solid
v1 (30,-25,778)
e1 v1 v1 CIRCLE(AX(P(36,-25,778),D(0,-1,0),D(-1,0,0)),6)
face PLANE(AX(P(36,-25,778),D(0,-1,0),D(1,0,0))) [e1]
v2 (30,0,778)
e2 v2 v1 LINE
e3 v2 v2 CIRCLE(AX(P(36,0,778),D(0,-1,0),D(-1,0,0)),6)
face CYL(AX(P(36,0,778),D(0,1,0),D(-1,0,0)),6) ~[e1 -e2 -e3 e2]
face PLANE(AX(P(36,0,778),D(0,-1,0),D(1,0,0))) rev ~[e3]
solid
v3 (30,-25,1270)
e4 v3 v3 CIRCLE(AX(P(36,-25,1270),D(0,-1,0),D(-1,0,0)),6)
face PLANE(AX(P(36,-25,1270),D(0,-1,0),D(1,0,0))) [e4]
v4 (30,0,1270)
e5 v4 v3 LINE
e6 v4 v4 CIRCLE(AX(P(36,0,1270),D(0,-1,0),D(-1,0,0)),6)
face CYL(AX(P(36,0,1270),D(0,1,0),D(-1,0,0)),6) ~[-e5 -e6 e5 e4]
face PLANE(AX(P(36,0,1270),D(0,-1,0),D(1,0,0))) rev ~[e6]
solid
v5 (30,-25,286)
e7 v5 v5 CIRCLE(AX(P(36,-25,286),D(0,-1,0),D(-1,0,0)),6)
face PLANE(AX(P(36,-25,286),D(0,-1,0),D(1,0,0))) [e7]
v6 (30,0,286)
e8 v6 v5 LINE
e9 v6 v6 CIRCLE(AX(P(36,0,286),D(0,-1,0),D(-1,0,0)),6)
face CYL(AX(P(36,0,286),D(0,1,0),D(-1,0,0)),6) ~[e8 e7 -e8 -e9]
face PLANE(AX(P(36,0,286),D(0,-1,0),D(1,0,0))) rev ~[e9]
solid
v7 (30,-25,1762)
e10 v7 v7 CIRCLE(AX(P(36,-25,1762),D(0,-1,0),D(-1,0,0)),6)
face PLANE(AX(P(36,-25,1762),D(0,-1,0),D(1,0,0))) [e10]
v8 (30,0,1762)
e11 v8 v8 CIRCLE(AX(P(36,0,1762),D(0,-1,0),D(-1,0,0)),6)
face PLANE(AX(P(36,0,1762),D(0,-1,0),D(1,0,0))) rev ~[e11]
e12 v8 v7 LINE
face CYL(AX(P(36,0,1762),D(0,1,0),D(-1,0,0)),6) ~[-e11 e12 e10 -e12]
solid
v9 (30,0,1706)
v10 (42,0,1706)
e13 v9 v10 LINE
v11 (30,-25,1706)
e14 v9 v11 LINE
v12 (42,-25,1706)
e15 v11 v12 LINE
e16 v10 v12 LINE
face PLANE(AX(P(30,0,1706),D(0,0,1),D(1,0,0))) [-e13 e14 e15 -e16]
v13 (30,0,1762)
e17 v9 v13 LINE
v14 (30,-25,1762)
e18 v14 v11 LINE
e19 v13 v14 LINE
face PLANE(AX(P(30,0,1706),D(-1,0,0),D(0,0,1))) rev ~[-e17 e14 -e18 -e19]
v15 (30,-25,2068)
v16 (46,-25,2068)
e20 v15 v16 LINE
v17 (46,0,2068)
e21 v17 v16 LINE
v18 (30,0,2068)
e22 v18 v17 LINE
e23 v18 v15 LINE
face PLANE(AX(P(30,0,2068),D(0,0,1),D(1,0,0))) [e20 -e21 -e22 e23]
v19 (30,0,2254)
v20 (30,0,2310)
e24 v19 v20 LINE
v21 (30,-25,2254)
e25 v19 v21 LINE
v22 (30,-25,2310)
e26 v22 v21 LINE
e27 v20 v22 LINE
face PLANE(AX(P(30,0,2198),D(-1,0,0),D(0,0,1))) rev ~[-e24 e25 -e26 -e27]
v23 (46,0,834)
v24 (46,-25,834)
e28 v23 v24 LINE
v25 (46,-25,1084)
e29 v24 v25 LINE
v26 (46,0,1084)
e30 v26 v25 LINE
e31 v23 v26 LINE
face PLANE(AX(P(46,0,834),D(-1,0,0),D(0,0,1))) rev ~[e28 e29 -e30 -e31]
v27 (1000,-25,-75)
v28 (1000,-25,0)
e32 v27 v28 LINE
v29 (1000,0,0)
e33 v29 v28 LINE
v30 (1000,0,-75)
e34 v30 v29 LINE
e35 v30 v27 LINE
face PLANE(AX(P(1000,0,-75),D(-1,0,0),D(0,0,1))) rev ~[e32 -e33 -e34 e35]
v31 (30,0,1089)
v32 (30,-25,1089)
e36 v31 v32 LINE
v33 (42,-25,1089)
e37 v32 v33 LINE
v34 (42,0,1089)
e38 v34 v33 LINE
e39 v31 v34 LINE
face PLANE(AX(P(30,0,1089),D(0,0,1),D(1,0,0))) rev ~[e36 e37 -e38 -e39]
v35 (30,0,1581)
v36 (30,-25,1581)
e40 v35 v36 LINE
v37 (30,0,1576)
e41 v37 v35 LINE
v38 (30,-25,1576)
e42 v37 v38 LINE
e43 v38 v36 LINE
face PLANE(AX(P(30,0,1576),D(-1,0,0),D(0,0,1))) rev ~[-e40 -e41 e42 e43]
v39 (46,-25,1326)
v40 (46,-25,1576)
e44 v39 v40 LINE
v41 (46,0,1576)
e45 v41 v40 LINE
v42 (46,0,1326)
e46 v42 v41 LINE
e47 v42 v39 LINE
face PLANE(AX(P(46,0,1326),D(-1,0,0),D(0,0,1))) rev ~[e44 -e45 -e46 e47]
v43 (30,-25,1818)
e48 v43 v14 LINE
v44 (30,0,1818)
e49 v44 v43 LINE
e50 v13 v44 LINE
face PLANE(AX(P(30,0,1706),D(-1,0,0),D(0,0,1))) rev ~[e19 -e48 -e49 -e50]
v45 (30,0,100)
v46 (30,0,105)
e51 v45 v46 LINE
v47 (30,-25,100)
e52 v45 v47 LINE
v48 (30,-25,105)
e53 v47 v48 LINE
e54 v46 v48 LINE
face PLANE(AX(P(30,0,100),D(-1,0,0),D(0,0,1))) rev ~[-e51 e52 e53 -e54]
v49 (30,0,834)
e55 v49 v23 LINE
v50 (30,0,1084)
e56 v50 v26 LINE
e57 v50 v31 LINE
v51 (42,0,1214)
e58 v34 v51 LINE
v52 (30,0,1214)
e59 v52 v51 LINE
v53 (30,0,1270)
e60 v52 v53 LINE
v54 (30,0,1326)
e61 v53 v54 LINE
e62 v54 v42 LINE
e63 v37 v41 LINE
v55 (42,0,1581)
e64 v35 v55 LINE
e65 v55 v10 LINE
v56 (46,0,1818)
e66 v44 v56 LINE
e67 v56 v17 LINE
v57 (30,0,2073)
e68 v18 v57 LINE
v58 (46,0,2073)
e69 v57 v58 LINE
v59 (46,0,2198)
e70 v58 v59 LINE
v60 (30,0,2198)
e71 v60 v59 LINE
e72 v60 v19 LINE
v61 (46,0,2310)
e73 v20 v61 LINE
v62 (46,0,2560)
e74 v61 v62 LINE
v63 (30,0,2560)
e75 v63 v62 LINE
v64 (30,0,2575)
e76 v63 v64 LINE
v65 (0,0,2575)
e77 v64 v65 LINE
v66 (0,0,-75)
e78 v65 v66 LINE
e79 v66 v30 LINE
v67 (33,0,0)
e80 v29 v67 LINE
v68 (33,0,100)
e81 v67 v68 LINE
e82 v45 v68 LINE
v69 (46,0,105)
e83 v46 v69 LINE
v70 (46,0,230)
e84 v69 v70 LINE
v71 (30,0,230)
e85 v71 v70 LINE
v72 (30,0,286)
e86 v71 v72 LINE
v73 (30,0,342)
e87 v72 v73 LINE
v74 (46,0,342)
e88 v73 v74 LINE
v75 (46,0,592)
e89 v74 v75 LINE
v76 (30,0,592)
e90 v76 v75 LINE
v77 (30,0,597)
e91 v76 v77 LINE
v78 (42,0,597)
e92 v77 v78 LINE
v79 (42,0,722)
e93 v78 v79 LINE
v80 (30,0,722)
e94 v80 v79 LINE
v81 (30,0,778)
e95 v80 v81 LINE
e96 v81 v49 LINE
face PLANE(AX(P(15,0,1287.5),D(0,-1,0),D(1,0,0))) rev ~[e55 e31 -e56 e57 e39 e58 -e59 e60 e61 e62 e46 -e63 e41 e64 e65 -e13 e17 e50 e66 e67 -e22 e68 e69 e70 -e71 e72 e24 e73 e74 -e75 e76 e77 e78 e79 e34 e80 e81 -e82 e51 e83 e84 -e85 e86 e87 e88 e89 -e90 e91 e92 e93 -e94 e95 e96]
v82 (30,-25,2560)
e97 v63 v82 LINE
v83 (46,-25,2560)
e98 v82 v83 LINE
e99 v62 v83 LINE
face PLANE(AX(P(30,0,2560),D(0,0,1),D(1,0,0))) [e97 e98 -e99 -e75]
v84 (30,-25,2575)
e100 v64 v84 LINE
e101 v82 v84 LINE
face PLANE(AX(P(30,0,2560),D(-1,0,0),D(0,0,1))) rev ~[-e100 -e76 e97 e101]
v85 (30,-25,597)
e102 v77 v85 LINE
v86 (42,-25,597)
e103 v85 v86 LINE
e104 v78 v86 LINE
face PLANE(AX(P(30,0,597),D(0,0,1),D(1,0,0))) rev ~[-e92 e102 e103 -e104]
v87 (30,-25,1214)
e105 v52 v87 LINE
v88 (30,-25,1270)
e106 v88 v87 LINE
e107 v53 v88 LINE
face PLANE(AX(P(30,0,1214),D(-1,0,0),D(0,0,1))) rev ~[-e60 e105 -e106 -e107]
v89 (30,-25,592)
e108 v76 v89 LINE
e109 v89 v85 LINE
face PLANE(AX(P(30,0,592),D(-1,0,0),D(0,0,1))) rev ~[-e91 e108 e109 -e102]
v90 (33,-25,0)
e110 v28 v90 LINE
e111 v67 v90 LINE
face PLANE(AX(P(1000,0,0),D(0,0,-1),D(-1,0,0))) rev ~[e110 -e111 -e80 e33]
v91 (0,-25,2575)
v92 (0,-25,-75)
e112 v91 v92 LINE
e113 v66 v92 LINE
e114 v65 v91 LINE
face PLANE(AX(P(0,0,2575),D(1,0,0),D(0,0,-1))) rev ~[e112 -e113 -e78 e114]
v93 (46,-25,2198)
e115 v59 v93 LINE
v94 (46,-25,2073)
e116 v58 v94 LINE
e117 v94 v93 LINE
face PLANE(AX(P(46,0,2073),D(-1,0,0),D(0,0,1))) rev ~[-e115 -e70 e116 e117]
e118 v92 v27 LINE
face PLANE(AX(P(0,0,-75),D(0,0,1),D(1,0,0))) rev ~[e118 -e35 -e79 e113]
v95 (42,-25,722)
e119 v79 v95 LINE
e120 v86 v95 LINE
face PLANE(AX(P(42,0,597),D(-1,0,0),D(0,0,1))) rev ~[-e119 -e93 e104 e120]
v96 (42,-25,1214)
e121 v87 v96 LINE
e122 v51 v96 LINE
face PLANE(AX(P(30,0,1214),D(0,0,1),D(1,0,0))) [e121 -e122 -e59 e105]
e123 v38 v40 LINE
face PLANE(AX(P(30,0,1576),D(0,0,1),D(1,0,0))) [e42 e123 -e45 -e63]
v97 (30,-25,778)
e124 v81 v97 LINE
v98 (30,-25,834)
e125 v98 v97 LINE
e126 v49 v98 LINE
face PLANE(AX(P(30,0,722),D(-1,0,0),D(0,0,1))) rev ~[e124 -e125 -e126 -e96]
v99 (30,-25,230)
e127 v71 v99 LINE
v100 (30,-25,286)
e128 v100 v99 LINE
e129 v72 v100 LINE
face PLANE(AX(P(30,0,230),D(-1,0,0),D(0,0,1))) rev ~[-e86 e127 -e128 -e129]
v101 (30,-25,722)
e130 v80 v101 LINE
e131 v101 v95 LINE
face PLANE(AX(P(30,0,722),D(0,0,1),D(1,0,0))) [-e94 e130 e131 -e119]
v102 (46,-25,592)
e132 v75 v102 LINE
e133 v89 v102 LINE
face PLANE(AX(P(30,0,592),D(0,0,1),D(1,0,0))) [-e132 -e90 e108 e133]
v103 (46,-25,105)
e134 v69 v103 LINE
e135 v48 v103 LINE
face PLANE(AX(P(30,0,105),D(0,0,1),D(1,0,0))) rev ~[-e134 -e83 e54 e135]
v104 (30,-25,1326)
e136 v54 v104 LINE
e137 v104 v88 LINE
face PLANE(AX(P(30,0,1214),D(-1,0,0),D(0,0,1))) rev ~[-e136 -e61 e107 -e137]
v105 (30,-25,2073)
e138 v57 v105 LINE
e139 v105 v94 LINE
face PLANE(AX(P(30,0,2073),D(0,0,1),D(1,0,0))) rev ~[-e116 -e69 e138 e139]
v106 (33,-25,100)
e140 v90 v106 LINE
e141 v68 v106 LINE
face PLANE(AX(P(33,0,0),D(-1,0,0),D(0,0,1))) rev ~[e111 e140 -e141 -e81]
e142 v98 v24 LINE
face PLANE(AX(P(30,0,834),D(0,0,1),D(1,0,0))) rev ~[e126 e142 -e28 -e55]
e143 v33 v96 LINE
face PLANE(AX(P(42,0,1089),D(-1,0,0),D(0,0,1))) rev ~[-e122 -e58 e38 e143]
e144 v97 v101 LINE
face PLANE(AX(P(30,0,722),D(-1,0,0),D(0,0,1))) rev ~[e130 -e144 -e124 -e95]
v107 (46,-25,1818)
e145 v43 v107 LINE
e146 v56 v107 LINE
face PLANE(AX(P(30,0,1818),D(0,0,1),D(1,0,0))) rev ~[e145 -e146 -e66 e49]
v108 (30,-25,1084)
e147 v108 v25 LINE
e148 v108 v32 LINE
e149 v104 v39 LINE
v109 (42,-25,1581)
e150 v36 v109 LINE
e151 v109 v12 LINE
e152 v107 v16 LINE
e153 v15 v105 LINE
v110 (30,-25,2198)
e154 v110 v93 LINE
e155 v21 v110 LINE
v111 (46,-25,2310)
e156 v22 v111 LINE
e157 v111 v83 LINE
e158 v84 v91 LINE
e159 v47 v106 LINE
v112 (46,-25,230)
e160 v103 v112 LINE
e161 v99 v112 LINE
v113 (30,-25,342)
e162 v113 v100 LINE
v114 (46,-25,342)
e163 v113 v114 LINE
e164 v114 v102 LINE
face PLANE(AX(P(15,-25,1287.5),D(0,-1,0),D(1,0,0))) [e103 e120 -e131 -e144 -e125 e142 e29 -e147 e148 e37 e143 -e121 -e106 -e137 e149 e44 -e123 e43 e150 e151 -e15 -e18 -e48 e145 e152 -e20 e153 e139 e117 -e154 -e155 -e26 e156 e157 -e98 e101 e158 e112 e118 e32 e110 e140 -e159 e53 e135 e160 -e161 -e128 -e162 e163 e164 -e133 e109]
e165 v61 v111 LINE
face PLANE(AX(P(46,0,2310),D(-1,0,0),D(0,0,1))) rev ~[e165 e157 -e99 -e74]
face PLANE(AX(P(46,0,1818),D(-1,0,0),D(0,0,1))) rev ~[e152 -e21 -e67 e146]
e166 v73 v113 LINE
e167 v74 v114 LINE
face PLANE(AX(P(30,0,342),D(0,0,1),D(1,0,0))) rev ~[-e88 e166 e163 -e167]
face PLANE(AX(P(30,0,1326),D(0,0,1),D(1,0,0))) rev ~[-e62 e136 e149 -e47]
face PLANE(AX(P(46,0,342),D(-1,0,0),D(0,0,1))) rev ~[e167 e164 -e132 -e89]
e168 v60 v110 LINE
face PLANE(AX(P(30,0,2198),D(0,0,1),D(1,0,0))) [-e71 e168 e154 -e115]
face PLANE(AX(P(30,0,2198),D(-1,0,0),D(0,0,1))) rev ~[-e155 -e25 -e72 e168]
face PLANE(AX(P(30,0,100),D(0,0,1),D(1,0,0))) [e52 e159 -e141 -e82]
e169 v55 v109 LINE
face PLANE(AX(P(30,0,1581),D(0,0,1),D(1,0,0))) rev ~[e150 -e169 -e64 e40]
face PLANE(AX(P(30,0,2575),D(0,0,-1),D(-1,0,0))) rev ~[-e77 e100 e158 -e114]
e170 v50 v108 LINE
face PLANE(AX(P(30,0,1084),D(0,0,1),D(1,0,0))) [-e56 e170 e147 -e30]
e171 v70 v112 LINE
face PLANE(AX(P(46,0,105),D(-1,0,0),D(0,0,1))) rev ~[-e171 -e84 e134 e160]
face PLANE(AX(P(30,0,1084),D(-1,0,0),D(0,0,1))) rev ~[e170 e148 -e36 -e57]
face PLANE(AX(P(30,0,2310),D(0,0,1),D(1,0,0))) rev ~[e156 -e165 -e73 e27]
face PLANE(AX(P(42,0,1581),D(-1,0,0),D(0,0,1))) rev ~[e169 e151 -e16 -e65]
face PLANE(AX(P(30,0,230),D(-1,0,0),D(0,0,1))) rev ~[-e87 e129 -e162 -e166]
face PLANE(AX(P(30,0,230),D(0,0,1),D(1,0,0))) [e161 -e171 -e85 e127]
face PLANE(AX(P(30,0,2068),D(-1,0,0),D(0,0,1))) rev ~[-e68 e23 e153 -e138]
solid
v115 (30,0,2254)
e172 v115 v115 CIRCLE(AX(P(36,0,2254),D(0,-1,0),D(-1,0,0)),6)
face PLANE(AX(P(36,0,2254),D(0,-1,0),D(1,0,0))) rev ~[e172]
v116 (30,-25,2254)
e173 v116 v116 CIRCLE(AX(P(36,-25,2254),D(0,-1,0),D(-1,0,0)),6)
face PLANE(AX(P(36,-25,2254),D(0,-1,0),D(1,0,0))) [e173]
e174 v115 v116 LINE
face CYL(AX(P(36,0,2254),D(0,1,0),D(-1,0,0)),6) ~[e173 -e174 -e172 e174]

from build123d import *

# Parameters (mm, degrees)
F0_W     = 3
F0_H     = 100
F0_W_2   = 16
F0_H_2   = 125
F0_H_3   = 250
F0_W_3   = 12
F1_DEPTH = 25


with BuildPart() as f1:
    # F0 (on Front) → F1 (new body)
    with BuildSketch(Plane.XZ):
        Polygon((0, 2575), (0, 0), (30, 0), (30, 100), (30, 105), (30, 230), (30, 286), (30, 342), (30, 592), (30, 597), (30, 722), (30, 778), (30, 834), (30, 1084), (30, 1089), (30, 1214), (30, 1270), (30, 1326), (30, 1576), (30, 1581), (30, 1706), (30, 1762), (30, 1818), (30, 2068), (30, 2073), (30, 2198), (30, 2254), (30, 2310), (30, 2560), (30, 2575), align=None)
        with BuildLine():
            ThreePointArc((42, 2254), (36, 2260), (30, 2254))
            ThreePointArc((30, 2254), (36, 2248), (42, 2254))
        make_face()
        with BuildLine():
            ThreePointArc((42, 1762), (36, 1768), (30, 1762))
            ThreePointArc((30, 1762), (36, 1756), (42, 1762))
        make_face()
        with BuildLine():
            ThreePointArc((42, 1270), (36, 1276), (30, 1270))
            ThreePointArc((30, 1270), (36, 1264), (42, 1270))
        make_face()
        with BuildLine():
            ThreePointArc((42, 778), (36, 784), (30, 778))
            ThreePointArc((30, 778), (36, 772), (42, 778))
        make_face()
        with BuildLine():
            ThreePointArc((42, 286), (36, 292), (30, 286))
            ThreePointArc((30, 286), (36, 280), (42, 286))
        make_face()
        Polygon((30, 0), (0, 0), (0, -75), (1000, -75), (1000, 0), (33, 0), align=None)
        with Locations((31.5, 50)):
            Rectangle(F0_W, F0_H)
        with Locations((38, 167.5)):
            Rectangle(F0_W_2, F0_H_2)
        with Locations((38, 2435)):
            Rectangle(F0_W_2, F0_H_3)
        with Locations((38, 467)):
            Rectangle(F0_W_2, F0_H_3)
        with Locations((38, 2135.5)):
            Rectangle(F0_W_2, F0_H_2)
        with Locations((36, 659.5)):
            Rectangle(F0_W_3, F0_H_2)
        with Locations((38, 1943)):
            Rectangle(F0_W_2, F0_H_3)
        with Locations((38, 959)):
            Rectangle(F0_W_2, F0_H_3)
        with Locations((36, 1643.5)):
            Rectangle(F0_W_3, F0_H_2)
        with Locations((36, 1151.5)):
            Rectangle(F0_W_3, F0_H_2)
        with Locations((38, 1451)):
            Rectangle(F0_W_2, F0_H_3)
    extrude(amount=F1_DEPTH)


solid = f1.part
